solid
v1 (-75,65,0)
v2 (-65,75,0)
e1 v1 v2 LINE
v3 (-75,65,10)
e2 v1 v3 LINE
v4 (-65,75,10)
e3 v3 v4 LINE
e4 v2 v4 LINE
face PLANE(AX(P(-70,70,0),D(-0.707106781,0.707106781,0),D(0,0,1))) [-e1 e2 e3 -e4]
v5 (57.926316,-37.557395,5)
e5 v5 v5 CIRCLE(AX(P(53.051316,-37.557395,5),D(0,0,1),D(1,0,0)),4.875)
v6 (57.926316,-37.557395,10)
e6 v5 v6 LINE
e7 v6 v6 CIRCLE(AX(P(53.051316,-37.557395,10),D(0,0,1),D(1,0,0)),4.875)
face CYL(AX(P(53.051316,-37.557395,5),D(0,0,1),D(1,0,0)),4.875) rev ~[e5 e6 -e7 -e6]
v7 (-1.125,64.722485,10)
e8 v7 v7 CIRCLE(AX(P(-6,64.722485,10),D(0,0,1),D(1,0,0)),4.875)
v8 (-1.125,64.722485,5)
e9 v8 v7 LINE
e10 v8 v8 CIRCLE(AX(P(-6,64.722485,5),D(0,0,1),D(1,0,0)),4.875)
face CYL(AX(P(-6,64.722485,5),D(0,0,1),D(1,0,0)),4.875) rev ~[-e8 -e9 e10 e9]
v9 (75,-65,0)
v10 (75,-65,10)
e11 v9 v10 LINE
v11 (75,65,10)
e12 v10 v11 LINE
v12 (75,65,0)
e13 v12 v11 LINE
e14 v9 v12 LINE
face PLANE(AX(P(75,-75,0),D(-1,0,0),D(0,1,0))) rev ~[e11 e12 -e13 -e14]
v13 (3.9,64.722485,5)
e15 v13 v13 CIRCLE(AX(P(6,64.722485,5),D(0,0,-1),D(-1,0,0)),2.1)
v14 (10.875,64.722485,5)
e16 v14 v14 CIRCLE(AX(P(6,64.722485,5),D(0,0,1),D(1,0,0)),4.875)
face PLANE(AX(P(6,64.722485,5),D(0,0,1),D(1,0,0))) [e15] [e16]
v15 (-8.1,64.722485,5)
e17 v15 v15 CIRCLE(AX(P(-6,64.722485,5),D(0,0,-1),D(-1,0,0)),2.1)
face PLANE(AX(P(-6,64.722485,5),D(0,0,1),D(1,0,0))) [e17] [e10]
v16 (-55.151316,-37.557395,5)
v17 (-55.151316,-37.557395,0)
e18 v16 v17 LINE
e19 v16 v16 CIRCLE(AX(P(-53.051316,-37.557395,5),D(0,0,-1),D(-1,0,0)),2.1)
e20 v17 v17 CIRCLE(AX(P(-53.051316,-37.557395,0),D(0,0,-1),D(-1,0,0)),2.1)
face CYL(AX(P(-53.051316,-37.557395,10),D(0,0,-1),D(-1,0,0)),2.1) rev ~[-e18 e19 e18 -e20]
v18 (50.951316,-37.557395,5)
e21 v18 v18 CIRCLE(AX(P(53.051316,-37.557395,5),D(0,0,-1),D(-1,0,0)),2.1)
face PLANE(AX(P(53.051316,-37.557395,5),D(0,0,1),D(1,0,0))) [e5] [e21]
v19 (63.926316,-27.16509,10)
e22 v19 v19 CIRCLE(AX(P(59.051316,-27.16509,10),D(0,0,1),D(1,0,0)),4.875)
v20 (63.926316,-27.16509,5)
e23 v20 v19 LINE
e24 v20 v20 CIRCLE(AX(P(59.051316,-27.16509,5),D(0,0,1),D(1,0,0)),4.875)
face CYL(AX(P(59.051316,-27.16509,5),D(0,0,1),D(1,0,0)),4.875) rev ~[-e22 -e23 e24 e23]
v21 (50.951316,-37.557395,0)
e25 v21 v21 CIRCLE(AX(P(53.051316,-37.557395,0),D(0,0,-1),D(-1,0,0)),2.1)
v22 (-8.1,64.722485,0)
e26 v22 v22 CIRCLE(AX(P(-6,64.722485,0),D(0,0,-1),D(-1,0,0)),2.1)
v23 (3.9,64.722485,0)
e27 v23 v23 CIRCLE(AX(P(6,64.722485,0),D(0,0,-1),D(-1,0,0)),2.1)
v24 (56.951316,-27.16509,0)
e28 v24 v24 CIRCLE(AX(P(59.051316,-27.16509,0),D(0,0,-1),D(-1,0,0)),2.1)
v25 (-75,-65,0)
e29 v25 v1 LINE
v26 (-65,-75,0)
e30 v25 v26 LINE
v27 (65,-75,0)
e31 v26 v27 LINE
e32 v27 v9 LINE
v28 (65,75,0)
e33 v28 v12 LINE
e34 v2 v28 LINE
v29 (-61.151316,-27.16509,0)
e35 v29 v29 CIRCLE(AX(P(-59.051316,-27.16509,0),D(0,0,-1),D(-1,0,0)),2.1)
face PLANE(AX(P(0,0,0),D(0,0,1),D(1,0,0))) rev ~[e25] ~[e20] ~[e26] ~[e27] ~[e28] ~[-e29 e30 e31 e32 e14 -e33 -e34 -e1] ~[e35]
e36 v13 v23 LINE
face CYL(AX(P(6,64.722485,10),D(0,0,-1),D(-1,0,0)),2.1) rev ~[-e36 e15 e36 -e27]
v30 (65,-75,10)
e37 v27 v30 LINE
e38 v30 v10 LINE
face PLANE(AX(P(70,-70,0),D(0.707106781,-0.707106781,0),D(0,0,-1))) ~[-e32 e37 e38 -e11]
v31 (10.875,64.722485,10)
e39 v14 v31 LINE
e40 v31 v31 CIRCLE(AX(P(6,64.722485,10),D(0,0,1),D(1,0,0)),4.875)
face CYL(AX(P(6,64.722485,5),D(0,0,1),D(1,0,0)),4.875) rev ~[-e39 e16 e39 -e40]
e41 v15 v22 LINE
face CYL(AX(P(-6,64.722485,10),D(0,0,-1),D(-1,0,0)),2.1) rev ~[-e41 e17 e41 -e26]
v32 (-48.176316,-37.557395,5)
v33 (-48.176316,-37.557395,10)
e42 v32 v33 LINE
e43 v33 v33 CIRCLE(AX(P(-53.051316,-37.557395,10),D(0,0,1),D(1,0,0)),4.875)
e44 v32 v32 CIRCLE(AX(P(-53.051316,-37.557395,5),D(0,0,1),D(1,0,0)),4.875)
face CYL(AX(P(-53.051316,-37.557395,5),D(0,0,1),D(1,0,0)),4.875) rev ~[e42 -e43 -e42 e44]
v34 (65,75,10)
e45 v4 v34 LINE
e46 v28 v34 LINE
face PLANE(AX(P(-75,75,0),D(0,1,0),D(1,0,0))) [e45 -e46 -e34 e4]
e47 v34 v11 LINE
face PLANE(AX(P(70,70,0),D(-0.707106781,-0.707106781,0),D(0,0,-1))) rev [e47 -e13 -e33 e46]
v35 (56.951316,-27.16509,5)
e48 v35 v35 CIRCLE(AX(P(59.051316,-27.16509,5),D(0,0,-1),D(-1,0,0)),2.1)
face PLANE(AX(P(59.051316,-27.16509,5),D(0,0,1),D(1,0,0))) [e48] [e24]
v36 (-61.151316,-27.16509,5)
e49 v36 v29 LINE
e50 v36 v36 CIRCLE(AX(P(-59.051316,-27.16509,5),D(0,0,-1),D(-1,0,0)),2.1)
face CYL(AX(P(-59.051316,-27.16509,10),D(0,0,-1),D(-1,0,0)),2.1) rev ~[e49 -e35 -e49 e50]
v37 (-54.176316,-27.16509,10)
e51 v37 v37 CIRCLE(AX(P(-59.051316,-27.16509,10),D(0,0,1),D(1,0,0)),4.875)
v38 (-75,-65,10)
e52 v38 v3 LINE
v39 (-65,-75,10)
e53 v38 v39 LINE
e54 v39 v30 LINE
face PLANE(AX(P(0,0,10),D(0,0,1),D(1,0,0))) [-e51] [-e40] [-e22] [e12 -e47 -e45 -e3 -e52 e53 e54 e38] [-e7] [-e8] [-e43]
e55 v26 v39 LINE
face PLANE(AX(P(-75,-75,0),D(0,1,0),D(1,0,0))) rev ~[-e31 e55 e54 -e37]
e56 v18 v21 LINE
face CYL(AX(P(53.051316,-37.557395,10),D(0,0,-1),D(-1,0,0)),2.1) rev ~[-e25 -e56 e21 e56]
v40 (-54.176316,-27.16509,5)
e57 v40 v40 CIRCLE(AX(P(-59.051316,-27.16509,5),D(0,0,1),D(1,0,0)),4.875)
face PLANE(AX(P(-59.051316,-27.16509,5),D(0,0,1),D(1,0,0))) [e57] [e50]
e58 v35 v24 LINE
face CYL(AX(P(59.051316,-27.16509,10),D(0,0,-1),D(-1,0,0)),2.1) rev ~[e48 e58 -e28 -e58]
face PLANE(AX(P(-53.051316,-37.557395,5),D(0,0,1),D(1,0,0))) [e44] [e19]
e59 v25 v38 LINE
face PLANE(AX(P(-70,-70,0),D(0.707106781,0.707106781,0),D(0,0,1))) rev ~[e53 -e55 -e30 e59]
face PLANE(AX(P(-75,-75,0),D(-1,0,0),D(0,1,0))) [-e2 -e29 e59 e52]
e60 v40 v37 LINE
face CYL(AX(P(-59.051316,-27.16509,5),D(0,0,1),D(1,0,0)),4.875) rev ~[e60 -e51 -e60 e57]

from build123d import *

# Parameters (mm, degrees)
F0_W           = 150
F0_H           = 150
F1_DEPTH       = 10
F3_D           = 4.2
F3_DEPTH       = 15.8
F3_CBORE_D     = 9.75
F3_CBORE_DEPTH = 5
F3_TIP         = 1.2618073
F4_SIZE        = 10


with BuildPart() as f1:
    # F0 (on Top) → F1 (new body)
    with BuildSketch(Plane.XY):
        Rectangle(F0_W, F0_H)
    extrude(amount=F1_DEPTH)

    # F3
    with Locations(Plane.XY.offset(10)):
        with Locations((-6, 64.7224845011), (6, 64.7224845011), (-59.051315774, -27.1650898279), (-53.051315774, -37.5573946733), (53.051315774, -37.5573946733), (59.051315774, -27.1650898279)):
            CounterBoreHole(F3_D / 2, F3_CBORE_D / 2, F3_CBORE_DEPTH, depth=F3_DEPTH)
            with Locations((0, 0, -(F3_DEPTH + F3_TIP / 2))):  # 118° drill point
                Cone(0, F3_D / 2, F3_TIP, mode=Mode.SUBTRACT)

    # F4
    f4_edges = [f1.edges().sort_by_distance(p)[0] for p in [
        (-75, 75, 5),
        (75, 75, 5),
        (75, -75, 5),
        (-75, -75, 5),
    ]]
    chamfer(f4_edges, length=F4_SIZE)


solid = f1.part
